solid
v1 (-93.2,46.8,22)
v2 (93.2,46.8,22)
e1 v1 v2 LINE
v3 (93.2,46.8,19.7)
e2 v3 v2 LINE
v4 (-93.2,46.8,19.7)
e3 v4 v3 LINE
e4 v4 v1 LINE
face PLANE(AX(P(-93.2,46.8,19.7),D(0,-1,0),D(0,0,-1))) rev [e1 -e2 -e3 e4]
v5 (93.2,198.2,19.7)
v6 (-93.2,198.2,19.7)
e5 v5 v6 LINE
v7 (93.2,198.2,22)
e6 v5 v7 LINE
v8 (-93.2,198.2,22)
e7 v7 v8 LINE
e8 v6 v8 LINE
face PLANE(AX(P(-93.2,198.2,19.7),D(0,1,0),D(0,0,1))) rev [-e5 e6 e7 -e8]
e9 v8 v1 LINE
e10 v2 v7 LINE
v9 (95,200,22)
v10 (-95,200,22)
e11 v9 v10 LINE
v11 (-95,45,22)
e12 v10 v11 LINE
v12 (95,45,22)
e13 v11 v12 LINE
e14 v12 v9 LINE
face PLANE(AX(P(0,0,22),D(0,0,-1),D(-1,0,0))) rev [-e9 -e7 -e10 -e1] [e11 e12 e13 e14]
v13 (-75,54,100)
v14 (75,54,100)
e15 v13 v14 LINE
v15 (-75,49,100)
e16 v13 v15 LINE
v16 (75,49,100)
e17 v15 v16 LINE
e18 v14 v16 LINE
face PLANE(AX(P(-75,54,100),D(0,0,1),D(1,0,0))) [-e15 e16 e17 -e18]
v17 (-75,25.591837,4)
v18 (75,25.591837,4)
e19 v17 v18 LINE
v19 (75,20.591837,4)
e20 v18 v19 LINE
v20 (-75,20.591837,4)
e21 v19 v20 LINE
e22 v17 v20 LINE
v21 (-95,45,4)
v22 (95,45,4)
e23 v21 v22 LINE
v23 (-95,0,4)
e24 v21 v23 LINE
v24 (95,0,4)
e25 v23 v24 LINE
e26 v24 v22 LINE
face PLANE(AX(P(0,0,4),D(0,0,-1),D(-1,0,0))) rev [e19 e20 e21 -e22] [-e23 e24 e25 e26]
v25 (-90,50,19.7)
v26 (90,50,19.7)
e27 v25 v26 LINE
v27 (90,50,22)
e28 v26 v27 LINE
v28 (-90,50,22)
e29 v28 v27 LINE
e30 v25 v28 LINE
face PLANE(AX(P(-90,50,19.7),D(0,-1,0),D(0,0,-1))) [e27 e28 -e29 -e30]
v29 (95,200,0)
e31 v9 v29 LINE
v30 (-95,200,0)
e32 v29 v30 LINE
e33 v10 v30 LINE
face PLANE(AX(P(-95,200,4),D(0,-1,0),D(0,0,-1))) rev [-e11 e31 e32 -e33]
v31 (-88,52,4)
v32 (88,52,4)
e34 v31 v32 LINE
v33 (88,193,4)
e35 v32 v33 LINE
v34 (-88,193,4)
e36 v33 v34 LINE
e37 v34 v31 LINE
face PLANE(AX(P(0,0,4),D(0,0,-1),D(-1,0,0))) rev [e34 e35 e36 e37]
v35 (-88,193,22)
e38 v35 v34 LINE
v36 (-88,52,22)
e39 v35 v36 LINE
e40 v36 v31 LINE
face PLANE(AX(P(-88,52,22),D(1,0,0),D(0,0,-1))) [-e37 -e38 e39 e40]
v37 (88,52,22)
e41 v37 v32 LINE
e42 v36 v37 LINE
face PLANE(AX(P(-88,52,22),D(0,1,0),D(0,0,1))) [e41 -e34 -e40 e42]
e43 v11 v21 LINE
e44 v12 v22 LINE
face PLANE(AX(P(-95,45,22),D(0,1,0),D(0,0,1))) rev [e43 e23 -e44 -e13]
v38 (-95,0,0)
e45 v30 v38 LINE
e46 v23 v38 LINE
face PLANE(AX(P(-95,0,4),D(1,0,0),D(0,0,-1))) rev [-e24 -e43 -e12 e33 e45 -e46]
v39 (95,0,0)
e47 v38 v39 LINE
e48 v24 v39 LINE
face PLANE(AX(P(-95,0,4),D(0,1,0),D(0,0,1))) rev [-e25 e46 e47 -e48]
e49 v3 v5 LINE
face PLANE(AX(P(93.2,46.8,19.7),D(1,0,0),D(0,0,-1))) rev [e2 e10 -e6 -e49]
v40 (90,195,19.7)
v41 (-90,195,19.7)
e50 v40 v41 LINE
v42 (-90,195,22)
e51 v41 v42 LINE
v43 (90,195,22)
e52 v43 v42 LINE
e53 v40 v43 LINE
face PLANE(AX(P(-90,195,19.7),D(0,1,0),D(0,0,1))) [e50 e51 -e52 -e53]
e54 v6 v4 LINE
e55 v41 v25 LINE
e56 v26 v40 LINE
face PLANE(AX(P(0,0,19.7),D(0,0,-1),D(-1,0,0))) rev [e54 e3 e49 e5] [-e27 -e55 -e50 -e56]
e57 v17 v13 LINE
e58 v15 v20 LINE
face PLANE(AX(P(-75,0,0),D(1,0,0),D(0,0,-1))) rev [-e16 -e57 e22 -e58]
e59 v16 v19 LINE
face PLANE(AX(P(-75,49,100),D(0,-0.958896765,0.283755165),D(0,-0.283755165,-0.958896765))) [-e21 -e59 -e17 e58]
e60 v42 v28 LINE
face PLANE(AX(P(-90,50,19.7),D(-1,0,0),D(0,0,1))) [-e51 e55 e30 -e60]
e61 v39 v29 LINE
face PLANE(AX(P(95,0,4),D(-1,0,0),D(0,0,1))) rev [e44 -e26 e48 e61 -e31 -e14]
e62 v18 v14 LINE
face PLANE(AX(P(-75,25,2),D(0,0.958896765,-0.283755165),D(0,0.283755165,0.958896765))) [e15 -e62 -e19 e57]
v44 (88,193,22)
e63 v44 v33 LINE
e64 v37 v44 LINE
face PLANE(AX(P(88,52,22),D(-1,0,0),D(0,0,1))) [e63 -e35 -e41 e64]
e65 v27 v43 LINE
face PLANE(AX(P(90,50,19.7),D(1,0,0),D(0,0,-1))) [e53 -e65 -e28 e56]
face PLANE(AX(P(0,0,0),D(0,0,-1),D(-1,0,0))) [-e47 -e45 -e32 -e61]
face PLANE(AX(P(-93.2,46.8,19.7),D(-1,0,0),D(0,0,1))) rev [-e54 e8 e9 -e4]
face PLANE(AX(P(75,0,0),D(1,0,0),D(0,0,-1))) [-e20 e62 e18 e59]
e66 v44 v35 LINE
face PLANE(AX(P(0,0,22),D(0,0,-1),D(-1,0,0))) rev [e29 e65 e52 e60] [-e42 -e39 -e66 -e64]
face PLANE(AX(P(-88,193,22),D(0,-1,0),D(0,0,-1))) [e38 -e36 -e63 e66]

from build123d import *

# Parameters (mm, degrees)
F_190_X_200_TRAY_FLOOR_SKETCH_W                  = 190
F_190_X_200_TRAY_FLOOR_SKETCH_H                  = 200
F_4_MM_TRAY_FLOOR_DEPTH                          = 4
ELECTRONICS_COMPARTMENT_WALL_SKETCH_W            = 190
ELECTRONICS_COMPARTMENT_WALL_SKETCH_H            = 155
ELECTRONICS_COMPARTMENT_WALL_SKETCH_W_2          = 176
ELECTRONICS_COMPARTMENT_WALL_SKETCH_H_2          = 141
F_22_MM_PERIMETER_WALLS_DEPTH                    = 22
F_3_2_START                                      = 22
F_3_MM_CORD_GASKET_GROOVE_SKETCH_W               = 186.4
F_3_MM_CORD_GASKET_GROOVE_SKETCH_H               = 151.4
F_3_MM_CORD_GASKET_GROOVE_SKETCH_W_2             = 180
F_3_MM_CORD_GASKET_GROOVE_SKETCH_H_2             = 145
F_3_2_X_2_3_MM_PERIMETER_GASKET_GROOVE_DEPTH     = 2.3
F_150_MM_WIDE_ANGLED_DISPLAY_BULKHEAD_DEPTH      = 75
F_150_MM_WIDE_ANGLED_DISPLAY_BULKHEAD_DEPTH_BACK = 75


with BuildPart() as part:
    # 190 x 200 Tray Floor Sketch → 4 mm Tray Floor (new body)
    with BuildSketch(Plane.XY):
        with Locations((0, 100)):
            Rectangle(F_190_X_200_TRAY_FLOOR_SKETCH_W, F_190_X_200_TRAY_FLOOR_SKETCH_H)
    extrude(amount=F_4_MM_TRAY_FLOOR_DEPTH)

    # Electronics Compartment Wall Sketch → 22 mm Perimeter Walls (add)
    with BuildSketch(Plane.XY):
        with Locations((0, 122.5)):
            Rectangle(ELECTRONICS_COMPARTMENT_WALL_SKETCH_W, ELECTRONICS_COMPARTMENT_WALL_SKETCH_H)
        with Locations((0, 122.5)):
            Rectangle(ELECTRONICS_COMPARTMENT_WALL_SKETCH_W_2, ELECTRONICS_COMPARTMENT_WALL_SKETCH_H_2, mode=Mode.SUBTRACT)
    extrude(amount=F_22_MM_PERIMETER_WALLS_DEPTH)

    # 3 mm Cord Gasket Groove Sketch → 3.2 x 2.3 mm Perimeter Gasket Groove (cut)
    with BuildSketch(Plane.XY.offset(F_3_2_START)):
        with Locations((0, 122.5)):
            Rectangle(F_3_MM_CORD_GASKET_GROOVE_SKETCH_W, F_3_MM_CORD_GASKET_GROOVE_SKETCH_H)
        with Locations((0, 122.5)):
            Rectangle(F_3_MM_CORD_GASKET_GROOVE_SKETCH_W_2, F_3_MM_CORD_GASKET_GROOVE_SKETCH_H_2, mode=Mode.SUBTRACT)
    extrude(amount=-F_3_2_X_2_3_MM_PERIMETER_GASKET_GROOVE_DEPTH, mode=Mode.SUBTRACT)

    # Angled Display Bulkhead Side Profile → 150 mm Wide Angled Display Bulkhead (add, two sides: drawn at the far end of the back side and taken through both)
    with BuildSketch(Plane(origin=(0, 0, 0), x_dir=(0, 0, -1), z_dir=(1, 0, 0)).offset(-F_150_MM_WIDE_ANGLED_DISPLAY_BULKHEAD_DEPTH_BACK)):
        Polygon((-2, 20), (-2, 25), (-100, 54), (-100, 49), align=None)
    extrude(amount=F_150_MM_WIDE_ANGLED_DISPLAY_BULKHEAD_DEPTH + F_150_MM_WIDE_ANGLED_DISPLAY_BULKHEAD_DEPTH_BACK)


solid = part.part
